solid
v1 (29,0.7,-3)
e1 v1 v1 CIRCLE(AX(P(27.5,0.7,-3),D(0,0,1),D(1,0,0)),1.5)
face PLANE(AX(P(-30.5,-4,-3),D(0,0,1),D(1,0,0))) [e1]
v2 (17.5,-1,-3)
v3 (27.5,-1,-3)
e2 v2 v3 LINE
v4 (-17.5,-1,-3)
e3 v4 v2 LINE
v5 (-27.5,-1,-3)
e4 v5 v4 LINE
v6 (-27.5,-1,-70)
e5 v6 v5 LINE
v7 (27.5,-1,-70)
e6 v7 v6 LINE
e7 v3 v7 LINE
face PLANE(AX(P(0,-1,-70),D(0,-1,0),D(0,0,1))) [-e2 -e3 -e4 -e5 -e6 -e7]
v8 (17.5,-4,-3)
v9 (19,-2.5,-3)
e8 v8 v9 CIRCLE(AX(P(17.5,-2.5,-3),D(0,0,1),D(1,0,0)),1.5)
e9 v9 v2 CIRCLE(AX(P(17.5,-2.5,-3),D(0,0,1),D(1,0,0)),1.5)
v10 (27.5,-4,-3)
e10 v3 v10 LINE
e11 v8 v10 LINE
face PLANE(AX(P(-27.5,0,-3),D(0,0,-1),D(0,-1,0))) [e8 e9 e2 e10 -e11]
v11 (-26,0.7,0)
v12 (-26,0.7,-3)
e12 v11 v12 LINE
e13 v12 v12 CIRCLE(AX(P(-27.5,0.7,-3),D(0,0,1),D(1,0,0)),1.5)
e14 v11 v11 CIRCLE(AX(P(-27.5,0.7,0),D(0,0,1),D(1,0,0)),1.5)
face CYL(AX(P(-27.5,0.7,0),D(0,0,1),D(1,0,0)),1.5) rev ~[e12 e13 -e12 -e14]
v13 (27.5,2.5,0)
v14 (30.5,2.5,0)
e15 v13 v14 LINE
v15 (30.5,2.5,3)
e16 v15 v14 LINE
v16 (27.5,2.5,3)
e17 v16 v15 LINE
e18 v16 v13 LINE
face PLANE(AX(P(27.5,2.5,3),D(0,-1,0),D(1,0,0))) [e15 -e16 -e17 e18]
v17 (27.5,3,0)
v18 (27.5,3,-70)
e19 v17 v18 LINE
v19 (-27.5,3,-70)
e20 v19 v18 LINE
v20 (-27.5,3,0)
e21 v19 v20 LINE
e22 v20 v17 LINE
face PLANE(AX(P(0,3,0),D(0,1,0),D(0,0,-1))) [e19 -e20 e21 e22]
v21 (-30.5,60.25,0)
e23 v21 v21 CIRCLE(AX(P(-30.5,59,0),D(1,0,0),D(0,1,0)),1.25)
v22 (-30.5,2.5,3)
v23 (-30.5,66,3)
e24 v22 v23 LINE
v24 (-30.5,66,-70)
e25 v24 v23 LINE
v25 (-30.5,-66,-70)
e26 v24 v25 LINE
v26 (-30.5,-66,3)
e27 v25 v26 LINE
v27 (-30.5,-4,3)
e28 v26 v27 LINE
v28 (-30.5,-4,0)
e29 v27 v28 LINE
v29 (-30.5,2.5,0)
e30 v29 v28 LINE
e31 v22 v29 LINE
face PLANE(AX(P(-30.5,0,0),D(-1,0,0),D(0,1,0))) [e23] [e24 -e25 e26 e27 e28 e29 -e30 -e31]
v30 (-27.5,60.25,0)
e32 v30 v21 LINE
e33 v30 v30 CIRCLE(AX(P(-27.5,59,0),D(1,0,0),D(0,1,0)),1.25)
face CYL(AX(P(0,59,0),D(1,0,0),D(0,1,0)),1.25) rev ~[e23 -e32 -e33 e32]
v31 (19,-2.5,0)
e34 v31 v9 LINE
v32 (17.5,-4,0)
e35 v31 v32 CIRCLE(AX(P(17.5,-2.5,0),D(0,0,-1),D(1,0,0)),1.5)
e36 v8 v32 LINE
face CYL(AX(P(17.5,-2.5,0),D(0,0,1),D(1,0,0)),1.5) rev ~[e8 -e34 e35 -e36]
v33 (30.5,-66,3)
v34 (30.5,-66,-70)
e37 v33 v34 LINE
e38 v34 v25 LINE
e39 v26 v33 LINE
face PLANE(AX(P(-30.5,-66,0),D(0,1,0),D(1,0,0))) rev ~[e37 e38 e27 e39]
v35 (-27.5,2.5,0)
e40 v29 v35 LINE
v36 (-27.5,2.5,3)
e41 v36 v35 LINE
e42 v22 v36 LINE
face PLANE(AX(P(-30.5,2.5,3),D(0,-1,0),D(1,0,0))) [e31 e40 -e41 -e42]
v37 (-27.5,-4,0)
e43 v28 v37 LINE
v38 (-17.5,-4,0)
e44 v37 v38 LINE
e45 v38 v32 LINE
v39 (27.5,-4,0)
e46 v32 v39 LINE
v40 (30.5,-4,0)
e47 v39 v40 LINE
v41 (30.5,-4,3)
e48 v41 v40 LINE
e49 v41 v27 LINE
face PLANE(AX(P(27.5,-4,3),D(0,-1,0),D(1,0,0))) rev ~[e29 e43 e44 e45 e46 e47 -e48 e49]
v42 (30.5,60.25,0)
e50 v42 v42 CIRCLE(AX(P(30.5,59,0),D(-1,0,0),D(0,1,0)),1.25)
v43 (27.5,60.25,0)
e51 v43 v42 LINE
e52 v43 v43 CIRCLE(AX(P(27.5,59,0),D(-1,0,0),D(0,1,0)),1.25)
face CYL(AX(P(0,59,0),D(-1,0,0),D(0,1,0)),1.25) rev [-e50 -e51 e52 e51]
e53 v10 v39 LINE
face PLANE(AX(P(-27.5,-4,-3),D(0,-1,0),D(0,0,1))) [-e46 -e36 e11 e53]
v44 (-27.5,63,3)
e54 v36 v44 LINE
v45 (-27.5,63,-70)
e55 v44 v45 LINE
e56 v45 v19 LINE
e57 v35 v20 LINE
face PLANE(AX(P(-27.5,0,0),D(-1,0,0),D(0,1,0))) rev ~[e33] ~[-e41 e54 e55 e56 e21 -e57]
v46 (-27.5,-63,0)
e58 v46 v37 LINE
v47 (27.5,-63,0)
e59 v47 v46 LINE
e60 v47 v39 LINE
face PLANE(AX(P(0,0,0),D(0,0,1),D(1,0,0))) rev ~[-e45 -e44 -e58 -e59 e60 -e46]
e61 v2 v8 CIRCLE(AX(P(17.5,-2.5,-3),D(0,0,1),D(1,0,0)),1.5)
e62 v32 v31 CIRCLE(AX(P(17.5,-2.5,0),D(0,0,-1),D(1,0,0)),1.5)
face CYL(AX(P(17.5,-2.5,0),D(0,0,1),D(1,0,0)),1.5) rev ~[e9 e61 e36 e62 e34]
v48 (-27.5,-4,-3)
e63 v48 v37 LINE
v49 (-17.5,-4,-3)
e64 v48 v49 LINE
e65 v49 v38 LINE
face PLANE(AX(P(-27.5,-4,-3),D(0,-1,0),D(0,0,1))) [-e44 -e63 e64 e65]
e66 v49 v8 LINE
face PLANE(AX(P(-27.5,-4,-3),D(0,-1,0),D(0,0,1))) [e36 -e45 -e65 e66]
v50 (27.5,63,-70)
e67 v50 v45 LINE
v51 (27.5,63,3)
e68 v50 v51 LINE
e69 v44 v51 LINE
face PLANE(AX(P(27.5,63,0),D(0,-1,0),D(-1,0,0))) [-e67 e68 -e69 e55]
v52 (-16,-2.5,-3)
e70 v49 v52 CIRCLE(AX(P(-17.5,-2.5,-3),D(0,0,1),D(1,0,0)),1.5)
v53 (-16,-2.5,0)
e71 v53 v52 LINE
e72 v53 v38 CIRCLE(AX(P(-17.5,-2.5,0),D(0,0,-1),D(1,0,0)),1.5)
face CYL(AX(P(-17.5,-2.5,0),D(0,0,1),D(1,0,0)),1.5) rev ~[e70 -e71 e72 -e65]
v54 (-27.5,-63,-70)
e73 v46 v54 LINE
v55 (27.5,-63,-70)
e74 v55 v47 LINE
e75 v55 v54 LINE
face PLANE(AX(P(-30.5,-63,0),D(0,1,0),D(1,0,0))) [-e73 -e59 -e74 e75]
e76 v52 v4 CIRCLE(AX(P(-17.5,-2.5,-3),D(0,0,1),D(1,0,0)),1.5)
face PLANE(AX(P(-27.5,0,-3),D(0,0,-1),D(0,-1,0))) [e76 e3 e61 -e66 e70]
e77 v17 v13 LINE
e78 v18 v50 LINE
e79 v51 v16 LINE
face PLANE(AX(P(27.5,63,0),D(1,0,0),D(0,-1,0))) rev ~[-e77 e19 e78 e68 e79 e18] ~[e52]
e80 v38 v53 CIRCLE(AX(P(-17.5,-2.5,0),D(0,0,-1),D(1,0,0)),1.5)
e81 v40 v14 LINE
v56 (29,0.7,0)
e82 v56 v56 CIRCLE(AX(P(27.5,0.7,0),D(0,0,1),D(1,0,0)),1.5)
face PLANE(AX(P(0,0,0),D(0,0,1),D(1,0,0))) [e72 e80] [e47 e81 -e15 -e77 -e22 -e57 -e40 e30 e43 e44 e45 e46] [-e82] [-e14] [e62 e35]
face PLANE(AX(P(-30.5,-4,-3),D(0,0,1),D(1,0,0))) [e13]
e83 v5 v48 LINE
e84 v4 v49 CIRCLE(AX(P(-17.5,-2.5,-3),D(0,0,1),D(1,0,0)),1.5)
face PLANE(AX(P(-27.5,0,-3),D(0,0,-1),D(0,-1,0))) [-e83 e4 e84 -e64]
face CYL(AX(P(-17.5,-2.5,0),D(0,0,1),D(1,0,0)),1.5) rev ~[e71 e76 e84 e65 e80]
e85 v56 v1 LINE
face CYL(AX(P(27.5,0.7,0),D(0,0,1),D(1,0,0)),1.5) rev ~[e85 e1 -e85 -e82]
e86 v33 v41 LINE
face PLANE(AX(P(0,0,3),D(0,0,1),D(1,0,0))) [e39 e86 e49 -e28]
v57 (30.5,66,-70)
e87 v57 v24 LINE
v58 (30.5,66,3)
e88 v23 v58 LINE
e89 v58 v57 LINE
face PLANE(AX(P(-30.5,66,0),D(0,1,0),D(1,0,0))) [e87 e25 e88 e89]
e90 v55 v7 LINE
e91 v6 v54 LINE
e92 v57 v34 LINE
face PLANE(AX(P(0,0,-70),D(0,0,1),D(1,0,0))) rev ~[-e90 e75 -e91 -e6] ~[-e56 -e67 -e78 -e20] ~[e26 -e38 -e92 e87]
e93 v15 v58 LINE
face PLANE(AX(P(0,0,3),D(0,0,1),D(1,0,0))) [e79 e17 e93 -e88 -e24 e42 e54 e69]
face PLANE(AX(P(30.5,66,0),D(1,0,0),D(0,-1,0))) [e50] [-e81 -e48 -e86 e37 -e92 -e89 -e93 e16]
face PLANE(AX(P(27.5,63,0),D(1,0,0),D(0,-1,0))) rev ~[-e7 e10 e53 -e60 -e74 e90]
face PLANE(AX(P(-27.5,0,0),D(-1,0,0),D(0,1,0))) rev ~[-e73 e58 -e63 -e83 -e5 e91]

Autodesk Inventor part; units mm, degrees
ref_plane "YZ Plane" through (0, 0, 0) normal (1, 0, 0) x (0, 1, 0)
ref_plane "XZ Plane" through (0, 0, 0) normal (0, 1, 0) x (-1, 0, 0)
ref_plane "XY Plane" through (0, 0, 0) normal (0, 0, 1) x (1, 0, 0)
sketch "草圖1" plane through (0, 0, 0) normal (0, 0, 1) x (1, 0, 0)
  line L0 (-27.5, 3) -> (27.5, 3) construction
  line L1 (27.5, 3) -> (27.5, 63) construction
  line L2 (27.5, 63) -> (-27.5, 63) construction
  line L3 (-27.5, 63) -> (-27.5, 3) construction
  line L4 (-30.5, 66) -> (30.5, 66)
  line L5 (30.5, 66) -> (30.5, -5.5597)
  line L6 (-30.5, -3) -> (-30.5, 66)
  line L7 (-34.7579, 0) -> (34.7579, 0)
  line L8 (-30.5, -66) -> (30.5, -66)
  line L9 (30.5, -66) -> (30.5, -5.5597)
  line L10 (-30.5, -3) -> (-30.5, -66)
  line L11 (0, 77.5612) -> (0, -87.4517)
  point P0 (0, 3)
  point P1 (0, 3)
  point P2 (0, -3)
  point P3 (0, 0)
  dimension "d0" = 55
  dimension "d1" = 60
  dimension "d2" = 3
  dimension "d3" = 6
extrude "擠出1" add sketch "草圖1" along normal blind 3 and the other way blind 70
shell "薄殼1" thickness 3 removed faces 1 at (-10.1667, 22, -70)
sketch "草圖2" plane through (0, 0, 0) normal (0, 0, 1) x (1, 0, 0)
  line L0 (27.5, 63) -> (27.5, -4)
  line L1 (27.5, -4) -> (-27.5, -4)
  line L2 (-27.5, -4) -> (-27.5, 63)
  line L3 (0, 77.5612) -> (0, -87.4517) projected
  line L4 (-34.7579, 0) -> (34.7579, 0) projected
  line L5 (27.5, 63) -> (-27.5, 63) projected
  point P0 (0, 0)
  point P1 (-27.5, 0)
  point P2 (27.5, 0)
  dimension "d8" = 55
  dimension "d9" = 8
extrude "擠出2" cut sketch "草圖2" along normal blind 3 and the other way blind 2
sketch "草圖3" plane through (0, 0, 0) normal (1, 0, 0) x (0, 1, 0)
  circle A0 centre (59, 0) radius 1.25
  line L0 (-66, 3) -> (66, 3) projected
  line L1 (-4, 0) -> (-4, 3) construction
  line L2 (2, 0) -> (2, 3) construction
  dimension "d13" = 2.5
  dimension "d17" = 3
  dimension "d20" = 6
  dimension "d21" = 57
extrude "擠出3" cut sketch "草圖3" along normal through all both and the other way through all
sketch "草圖4" plane through (0, 0, 0) normal (1, 0, 0) x (0, 1, 0)
  line L0 (66, -70) -> (-66, -70) projected
  line L1 (1.4687, -70) -> (0, -70)
  line L2 (77.5612, 0) -> (-87.4517, 0) projected
  line L3 (3, 1) -> (3, -70)
  line L4 (3, -70) -> (-1, -70)
  line L5 (-1, -70) -> (-1, 1)
  line L6 (-4, 0) -> (-4, 3) projected
  line L7 (3, 1) -> (-1, 1)
  point P0 (0, 0)
  point P1 (3, 0)
  point P2 (3, 0)
  point P3 (3, 0)
  dimension "d39" = 71
  dimension "d40" = 4
extrude "擠出4" add sketch "草圖4" along normal mid plane 55
sketch "草圖5" plane through (0, 0, 3) normal (0, 0, 1) x (1, 0, 0)
  line L0 (-30.5, 66) -> (-30.5, -66) projected
  line L1 (-30.5, -4) -> (30.5, -4)
  line L2 (30.5, -4) -> (30.5, 2.5)
  line L3 (-30.5, 2.5) -> (-30.5, -4)
  line L4 (27.5, -4) -> (-27.5, -4) projected
  line L5 (30.5, -66) -> (30.5, 66) projected
  circle A0 centre (-27.5, 0.7) radius 1.25 construction
  line L6 (-27.5, 3) -> (27.5, 3) projected
  line L7 (-27.5, 3) -> (27.5, 3)
  line L8 (27.5, 3) -> (27.5, 2.5)
  line L9 (-27.5, 2.5) -> (-27.5, 3)
  line L10 (-30.5, 2.5) -> (-27.5, 2.5)
  line L11 (27.5, 2.5) -> (30.5, 2.5)
  line L12 (27.5, 63) -> (27.5, -4) construction
  point P0 (0, 0)
  dimension "d41" = 2.5
  dimension "d42" = 3
  dimension "d46" = 6.5
extrude "擠出5" cut sketch "草圖5" against normal blind 3
sketch "草圖6" plane through (-27.5, -63, 0) normal (1, 0, 0) x (0, 0, -1)
  line L0 (0, 63) -> (3, 63)
  line L1 (3, 63) -> (3, 59)
  line L2 (3, 59) -> (0, 59)
  line L3 (0, 59) -> (0, 63)
  line L4 (-3, 59) -> (0, 59) projected
  dimension "d37" = 3
extrude "擠出6" add sketch "草圖6" along normal up to surface (55 mm away)
sketch "草圖7" plane through (-30.5, -4, 0) normal (0, 0, 1) x (1, 0, 0)
  circle A0 centre (3, 4.7) radius 1.5
  circle A1 centre (13, 1.5) radius 1.5
  line L0 (61, 0) -> (0, 0) projected
  line L1 (30.5, 81.5612) -> (30.5, -83.4517) projected
  circle A2 centre (58, 4.7) radius 1.5
  circle A3 centre (48, 1.5) radius 1.5
  line L2 (0, 0) -> (0, 6.5) projected
  line L3 (0, 6.5) -> (3, 6.5) projected
  point P0 (30.5, 4)
  point P1 (0, 4)
  point P2 (58, 0)
  dimension "d30" = 3
  dimension "d31" = 3
  dimension "d32" = 35
  dimension "d38" = 3
  dimension "d45" = 1.8
extrude "擠出7" cut sketch "草圖7" against normal blind 3
equation "\"d8\" = d0"
properties part number "frame"
